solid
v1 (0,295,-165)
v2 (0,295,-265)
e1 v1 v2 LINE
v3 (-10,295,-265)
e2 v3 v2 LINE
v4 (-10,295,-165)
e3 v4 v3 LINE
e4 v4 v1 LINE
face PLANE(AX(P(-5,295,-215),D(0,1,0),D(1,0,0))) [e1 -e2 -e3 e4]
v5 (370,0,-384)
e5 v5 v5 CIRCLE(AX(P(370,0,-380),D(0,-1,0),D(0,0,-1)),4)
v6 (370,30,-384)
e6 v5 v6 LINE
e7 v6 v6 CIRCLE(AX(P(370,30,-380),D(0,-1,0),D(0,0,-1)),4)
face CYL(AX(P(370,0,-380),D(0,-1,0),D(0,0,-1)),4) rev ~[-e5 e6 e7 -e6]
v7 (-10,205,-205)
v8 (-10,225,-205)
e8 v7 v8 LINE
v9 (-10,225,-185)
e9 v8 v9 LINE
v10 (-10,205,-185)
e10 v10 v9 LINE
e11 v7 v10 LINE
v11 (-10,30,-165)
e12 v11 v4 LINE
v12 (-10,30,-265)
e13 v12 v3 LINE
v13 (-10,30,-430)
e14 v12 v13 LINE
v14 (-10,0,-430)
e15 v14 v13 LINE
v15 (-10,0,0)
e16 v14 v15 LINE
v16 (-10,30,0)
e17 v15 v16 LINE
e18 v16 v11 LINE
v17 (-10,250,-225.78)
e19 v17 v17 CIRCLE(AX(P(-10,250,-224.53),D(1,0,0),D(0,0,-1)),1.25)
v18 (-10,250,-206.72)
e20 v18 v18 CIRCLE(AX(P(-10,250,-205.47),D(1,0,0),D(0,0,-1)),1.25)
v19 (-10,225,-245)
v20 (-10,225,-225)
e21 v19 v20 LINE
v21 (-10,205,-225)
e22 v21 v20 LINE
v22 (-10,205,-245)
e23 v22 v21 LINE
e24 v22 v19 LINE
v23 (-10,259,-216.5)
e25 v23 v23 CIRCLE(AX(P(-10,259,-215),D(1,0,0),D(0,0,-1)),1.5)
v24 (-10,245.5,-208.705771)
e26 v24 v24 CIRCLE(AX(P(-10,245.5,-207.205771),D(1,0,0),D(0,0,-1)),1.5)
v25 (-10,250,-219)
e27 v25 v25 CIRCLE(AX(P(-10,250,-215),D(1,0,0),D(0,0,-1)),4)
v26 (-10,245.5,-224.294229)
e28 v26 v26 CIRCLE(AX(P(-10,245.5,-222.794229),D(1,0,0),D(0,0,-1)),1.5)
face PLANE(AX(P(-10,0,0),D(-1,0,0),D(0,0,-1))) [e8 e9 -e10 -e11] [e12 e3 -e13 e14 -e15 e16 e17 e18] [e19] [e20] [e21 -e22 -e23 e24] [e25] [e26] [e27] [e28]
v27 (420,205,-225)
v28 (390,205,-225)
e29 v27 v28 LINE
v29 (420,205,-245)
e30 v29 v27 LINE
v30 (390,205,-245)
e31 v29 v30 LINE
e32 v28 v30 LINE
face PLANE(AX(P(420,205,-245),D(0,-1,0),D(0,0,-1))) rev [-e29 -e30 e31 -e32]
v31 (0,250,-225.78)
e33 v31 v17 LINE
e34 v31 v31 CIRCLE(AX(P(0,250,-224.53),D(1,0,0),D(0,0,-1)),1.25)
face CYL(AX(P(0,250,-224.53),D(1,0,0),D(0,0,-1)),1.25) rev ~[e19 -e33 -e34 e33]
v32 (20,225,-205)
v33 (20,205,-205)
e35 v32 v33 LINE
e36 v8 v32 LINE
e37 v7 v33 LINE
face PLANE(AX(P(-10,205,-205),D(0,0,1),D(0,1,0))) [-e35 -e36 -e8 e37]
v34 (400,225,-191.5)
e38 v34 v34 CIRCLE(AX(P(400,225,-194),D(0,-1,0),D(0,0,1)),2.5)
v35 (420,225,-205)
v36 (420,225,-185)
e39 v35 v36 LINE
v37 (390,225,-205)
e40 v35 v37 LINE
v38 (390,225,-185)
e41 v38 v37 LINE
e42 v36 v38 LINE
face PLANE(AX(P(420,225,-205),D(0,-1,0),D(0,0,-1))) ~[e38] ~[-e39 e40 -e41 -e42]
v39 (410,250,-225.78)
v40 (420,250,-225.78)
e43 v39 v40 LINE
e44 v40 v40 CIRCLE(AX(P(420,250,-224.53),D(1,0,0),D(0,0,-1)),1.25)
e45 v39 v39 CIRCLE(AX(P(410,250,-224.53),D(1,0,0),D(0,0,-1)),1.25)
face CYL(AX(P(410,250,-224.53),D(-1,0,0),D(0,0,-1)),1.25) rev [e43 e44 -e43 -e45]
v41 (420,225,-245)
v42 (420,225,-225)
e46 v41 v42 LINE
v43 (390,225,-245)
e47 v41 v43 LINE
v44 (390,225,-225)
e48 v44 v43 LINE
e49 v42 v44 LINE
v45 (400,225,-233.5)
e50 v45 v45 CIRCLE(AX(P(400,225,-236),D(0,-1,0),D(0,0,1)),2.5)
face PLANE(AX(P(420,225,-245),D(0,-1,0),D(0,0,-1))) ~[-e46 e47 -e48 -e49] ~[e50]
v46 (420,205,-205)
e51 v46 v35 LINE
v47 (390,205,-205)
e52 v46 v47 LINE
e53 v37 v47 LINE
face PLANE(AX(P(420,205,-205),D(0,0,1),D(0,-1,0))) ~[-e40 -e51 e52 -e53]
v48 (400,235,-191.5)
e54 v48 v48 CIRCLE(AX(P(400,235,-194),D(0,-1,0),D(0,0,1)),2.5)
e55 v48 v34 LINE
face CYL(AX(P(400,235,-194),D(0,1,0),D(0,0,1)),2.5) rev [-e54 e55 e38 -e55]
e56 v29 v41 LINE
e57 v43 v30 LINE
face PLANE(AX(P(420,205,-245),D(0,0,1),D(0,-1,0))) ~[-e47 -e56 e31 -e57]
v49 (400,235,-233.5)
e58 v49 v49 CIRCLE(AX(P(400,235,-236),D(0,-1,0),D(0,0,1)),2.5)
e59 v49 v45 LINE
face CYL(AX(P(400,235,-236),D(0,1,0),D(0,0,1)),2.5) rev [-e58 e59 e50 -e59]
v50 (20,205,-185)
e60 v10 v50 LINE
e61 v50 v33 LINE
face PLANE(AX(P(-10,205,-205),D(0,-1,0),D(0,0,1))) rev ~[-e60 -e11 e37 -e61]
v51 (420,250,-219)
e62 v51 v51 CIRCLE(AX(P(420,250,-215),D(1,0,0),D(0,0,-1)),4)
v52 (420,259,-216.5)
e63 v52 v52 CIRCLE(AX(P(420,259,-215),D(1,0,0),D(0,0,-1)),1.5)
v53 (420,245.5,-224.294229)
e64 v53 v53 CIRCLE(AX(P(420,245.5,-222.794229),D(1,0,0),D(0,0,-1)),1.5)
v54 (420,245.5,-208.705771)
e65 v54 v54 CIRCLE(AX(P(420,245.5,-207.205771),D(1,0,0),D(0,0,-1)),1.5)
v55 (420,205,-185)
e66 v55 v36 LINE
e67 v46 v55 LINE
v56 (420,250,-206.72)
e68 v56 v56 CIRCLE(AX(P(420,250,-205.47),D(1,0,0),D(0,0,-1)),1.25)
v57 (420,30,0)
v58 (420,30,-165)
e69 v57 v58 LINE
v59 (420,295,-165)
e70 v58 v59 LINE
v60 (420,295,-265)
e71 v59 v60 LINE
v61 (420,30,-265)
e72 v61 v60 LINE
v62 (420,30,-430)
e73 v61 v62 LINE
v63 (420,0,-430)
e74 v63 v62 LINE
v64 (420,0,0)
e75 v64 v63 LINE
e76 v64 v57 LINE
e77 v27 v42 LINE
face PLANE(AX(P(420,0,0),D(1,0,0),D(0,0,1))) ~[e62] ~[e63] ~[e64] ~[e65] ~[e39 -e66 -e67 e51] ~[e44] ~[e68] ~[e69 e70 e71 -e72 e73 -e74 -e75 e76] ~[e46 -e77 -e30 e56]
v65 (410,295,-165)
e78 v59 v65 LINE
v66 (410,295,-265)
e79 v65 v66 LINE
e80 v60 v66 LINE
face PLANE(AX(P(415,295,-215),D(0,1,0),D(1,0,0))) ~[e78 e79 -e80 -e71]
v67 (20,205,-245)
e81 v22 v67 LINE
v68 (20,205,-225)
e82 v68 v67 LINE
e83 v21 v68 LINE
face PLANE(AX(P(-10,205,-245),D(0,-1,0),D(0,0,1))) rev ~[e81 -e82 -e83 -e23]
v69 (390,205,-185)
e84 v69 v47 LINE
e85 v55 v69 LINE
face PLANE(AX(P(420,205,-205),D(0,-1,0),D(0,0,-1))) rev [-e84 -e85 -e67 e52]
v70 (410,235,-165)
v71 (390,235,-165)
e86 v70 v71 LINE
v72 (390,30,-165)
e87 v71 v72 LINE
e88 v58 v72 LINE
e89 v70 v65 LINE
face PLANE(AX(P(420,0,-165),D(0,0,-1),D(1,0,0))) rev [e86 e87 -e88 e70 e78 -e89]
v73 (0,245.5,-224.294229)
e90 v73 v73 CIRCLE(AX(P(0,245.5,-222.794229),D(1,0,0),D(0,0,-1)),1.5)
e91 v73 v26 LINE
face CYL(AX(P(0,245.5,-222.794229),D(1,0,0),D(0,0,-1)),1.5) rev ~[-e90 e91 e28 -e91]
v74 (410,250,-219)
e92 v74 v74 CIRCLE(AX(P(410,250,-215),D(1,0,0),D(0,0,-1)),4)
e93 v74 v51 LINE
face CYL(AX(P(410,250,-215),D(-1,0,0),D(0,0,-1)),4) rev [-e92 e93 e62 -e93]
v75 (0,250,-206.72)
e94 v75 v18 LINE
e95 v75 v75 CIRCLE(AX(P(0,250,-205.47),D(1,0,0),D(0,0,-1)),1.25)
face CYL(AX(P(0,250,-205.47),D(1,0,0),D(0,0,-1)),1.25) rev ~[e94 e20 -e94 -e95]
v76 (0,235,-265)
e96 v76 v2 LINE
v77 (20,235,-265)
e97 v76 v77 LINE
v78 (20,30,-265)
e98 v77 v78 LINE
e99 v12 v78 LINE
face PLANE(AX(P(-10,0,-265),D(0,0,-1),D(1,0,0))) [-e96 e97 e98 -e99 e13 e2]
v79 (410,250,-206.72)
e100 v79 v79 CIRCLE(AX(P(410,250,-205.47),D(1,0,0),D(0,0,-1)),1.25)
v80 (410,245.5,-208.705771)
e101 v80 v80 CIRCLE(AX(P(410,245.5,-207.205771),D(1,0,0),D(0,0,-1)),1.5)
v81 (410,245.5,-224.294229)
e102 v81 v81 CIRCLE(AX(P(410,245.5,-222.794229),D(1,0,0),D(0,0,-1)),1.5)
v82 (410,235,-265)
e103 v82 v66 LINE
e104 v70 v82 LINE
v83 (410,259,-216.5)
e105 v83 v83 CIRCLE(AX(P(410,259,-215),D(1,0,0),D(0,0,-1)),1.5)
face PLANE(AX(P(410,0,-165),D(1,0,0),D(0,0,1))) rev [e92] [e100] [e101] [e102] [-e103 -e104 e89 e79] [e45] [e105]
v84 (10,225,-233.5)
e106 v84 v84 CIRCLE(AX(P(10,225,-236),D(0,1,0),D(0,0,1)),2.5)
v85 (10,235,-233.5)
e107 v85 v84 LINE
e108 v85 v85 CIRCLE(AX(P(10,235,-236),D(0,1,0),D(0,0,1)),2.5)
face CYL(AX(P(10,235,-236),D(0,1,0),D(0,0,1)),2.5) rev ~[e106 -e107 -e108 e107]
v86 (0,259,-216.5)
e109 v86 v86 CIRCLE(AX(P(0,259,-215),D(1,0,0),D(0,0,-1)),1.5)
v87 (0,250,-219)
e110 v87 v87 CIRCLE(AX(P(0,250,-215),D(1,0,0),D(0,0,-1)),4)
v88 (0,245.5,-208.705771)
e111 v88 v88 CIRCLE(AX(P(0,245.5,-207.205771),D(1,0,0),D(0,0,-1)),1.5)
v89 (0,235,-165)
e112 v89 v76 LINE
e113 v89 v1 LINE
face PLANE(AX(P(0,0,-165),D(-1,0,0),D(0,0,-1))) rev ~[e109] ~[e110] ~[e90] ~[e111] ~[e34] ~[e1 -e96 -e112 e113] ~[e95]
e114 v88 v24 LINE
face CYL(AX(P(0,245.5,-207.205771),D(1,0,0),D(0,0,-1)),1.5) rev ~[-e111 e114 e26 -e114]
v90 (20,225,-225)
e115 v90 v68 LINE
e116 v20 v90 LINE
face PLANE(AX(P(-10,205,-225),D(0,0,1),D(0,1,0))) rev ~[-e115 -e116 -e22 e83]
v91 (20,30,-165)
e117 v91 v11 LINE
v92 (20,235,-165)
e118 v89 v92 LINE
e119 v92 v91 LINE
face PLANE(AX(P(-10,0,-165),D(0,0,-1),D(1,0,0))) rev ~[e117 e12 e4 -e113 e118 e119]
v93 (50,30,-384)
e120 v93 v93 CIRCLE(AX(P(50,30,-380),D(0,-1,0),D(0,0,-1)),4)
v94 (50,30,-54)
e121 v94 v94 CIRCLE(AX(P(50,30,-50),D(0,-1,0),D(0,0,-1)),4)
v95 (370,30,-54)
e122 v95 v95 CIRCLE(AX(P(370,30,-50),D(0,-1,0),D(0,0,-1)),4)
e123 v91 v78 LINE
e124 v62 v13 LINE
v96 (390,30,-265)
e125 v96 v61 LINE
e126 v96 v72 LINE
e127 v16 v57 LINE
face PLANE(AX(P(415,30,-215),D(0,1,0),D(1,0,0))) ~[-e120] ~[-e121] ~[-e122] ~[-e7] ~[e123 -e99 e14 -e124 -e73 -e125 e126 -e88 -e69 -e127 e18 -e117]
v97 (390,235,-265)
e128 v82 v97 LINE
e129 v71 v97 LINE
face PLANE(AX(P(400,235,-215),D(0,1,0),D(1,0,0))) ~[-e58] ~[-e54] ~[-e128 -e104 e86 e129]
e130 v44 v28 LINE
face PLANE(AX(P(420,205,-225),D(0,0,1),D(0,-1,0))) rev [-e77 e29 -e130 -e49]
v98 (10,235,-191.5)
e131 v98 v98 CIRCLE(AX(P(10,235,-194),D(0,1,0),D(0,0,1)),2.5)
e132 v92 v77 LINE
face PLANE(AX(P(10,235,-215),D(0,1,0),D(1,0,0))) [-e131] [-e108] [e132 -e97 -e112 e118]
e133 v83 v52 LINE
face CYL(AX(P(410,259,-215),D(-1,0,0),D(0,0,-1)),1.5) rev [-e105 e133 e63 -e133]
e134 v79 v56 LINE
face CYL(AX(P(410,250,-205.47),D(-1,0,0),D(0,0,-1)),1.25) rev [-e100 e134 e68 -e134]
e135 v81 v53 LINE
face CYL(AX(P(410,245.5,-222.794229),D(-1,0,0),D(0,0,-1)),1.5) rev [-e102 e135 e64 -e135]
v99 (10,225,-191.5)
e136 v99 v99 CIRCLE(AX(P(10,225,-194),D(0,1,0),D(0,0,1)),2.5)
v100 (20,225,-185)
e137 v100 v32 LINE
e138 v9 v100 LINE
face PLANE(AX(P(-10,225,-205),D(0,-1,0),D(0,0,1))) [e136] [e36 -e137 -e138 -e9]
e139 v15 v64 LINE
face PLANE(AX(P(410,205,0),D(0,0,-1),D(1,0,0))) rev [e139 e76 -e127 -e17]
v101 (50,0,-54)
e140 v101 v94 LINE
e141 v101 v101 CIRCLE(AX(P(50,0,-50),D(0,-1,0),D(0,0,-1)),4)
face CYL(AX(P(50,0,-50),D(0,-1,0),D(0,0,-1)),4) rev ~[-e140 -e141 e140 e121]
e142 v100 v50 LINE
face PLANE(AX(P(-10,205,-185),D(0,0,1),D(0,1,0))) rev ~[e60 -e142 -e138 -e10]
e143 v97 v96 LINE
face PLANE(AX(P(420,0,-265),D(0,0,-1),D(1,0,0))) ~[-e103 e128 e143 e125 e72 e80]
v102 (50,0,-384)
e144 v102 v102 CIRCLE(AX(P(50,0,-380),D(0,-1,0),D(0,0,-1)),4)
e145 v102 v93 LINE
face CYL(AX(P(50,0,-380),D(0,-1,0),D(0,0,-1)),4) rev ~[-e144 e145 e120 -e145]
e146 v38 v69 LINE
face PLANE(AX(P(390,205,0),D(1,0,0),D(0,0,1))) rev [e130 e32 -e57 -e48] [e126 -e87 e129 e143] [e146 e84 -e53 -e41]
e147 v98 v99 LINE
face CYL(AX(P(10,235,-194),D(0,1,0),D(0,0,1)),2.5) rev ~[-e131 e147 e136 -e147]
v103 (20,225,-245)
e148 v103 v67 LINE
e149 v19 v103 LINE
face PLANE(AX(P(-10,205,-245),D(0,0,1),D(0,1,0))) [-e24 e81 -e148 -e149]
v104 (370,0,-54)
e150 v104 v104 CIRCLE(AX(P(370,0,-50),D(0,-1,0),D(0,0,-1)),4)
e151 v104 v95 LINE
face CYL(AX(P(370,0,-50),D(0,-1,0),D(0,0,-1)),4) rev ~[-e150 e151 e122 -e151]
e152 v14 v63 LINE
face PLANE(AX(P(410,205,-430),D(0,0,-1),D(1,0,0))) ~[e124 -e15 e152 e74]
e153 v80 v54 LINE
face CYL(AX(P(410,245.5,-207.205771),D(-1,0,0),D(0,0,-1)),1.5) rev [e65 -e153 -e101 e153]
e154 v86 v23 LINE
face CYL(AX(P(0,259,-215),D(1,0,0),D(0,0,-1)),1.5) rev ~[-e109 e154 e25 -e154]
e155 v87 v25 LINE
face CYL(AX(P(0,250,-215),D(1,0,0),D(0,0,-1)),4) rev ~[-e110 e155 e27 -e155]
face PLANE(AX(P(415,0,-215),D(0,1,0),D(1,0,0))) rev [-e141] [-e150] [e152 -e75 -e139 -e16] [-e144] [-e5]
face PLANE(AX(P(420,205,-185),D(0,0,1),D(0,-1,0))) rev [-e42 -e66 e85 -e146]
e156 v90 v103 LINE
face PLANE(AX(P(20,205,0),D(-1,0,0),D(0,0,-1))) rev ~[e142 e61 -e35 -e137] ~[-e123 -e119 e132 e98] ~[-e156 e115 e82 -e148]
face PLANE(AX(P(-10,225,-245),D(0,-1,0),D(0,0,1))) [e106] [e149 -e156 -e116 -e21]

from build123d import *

# Parameters (mm, degrees)
ESBO_O1_W                = 20
ESBO_O1_H                = 430
RESSALTO_EXTRUS_O1_DEPTH = 205
ESBO_O1_3_W              = 390
ESBO_O1_3_H              = 430
ESBO_O1_3_W_2            = 10
RESSALTO_EXTRUS_O2_DEPTH = 30
ESBO_O2_W                = 20
ESBO_O2_H                = 430
RESSALTO_EXTRUS_O4_DEPTH = 30
ESBO_O4_W                = 20
ESBO_O4_H                = 165
CORTE_EXTRUS_O1_DEPTH    = 205
ESBO_O6_R                = 2.5
CORTE_EXTRUS_O3_DEPTH    = 10
RESSALTO_EXTRUS_O6_START = -235
ESBO_O7_W                = 10
ESBO_O7_H                = 100
RESSALTO_EXTRUS_O6_DEPTH = 295
CORTE_EXTRUS_O4_REACH    = 665.344
ESBO_O8_R                = 4
ESBO_O8_R_2              = 1.25
ESBO_O8_R_3              = 1.5
CORTE_EXTRUS_O5_REACH    = 671.571
ESBO_O9_W                = 20
ESBO_O9_H                = 20
CORTE_EXTRUS_O8_REACH    = 671.571
ESBO_O10_R               = 4


with BuildPart() as part:
    # Esboço1 → Ressalto-extrusão1 (new body)
    with BuildSketch(Plane(origin=(0, 0, 0), x_dir=(1, 0, 0), z_dir=(0, 1, 0))):
        with Locations((10, 215)):
            Rectangle(ESBO_O1_W, ESBO_O1_H)
    ressalto_extrus_o1 = extrude(amount=RESSALTO_EXTRUS_O1_DEPTH)

    # Esboço1<3> → Ressalto-extrusão2 (add)
    with BuildSketch(Plane(origin=(0, 0, 0), x_dir=(1, 0, 0), z_dir=(0, 1, 0))):
        with Locations((215, 215)):
            Rectangle(ESBO_O1_3_W, ESBO_O1_3_H)
        with Locations((-5, 215)):
            Rectangle(ESBO_O1_3_W_2, ESBO_O1_3_H)
    ressalto_extrus_o2 = extrude(amount=RESSALTO_EXTRUS_O2_DEPTH)

    # Esboço2 → Ressalto-extrusão4 (add)
    with BuildSketch(Plane(origin=(0, 205, 0), x_dir=(1, 0, 0), z_dir=(0, 1, 0))):
        with Locations((10, 215)):
            Rectangle(ESBO_O2_W, ESBO_O2_H)
    ressalto_extrus_o4 = extrude(amount=RESSALTO_EXTRUS_O4_DEPTH)

    # Esboço4 → Corte-extrusão1 (cut)
    with BuildSketch(Plane(origin=(0, 235, 0), x_dir=(1, 0, 0), z_dir=(0, 1, 0))):
        with Locations((10, 347.5)):
            Rectangle(ESBO_O4_W, ESBO_O4_H)
        with Locations((10, 82.5)):
            Rectangle(ESBO_O4_W, ESBO_O4_H)
    corte_extrus_o1 = extrude(amount=-CORTE_EXTRUS_O1_DEPTH, mode=Mode.SUBTRACT)

    # Esboço6 → Corte-extrusão3 (cut)
    with BuildSketch(Plane(origin=(0, 235, 0), x_dir=(1, 0, 0), z_dir=(0, 1, 0))):
        with Locations(Location((10, 236, 0), (0, 0, 270))):
            Circle(ESBO_O6_R)
        with Locations(Location((10, 194, 0), (0, 0, 270))):
            Circle(ESBO_O6_R)
    corte_extrus_o3 = extrude(amount=-CORTE_EXTRUS_O3_DEPTH, mode=Mode.SUBTRACT)

    # Esboço7 → Ressalto-extrusão6 (add)
    with BuildSketch(Plane(origin=(0, 235, 0), x_dir=(1, 0, 0), z_dir=(0, 1, 0)).offset(RESSALTO_EXTRUS_O6_START)):
        with Locations((-5, 215)):
            Rectangle(ESBO_O7_W, ESBO_O7_H)
    ressalto_extrus_o6 = extrude(amount=RESSALTO_EXTRUS_O6_DEPTH)

    # Esboço8 → Corte-extrusão4 (cut, up to next)
    with BuildSketch(Plane(origin=(0, 0, 0), x_dir=(0, 0, -1), z_dir=(1, 0, 0)), mode=Mode.PRIVATE) as corte_extrus_o4_sk1:
        with Locations((215, 250)):
            Circle(ESBO_O8_R)
    corte_extrus_o4_tool1 = extrude(corte_extrus_o4_sk1.sketch, amount=-CORTE_EXTRUS_O4_REACH, mode=Mode.PRIVATE) & part.part
    # Esboço8 → Corte-extrusão4 (cut, up to next)
    with BuildSketch(Plane(origin=(0, 0, 0), x_dir=(0, 0, -1), z_dir=(1, 0, 0)), mode=Mode.PRIVATE) as corte_extrus_o4_sk2:
        with Locations((205.47, 250)):
            Circle(ESBO_O8_R_2)
    corte_extrus_o4_tool2 = extrude(corte_extrus_o4_sk2.sketch, amount=-CORTE_EXTRUS_O4_REACH, mode=Mode.PRIVATE) & part.part
    # Esboço8 → Corte-extrusão4 (cut, up to next)
    with BuildSketch(Plane(origin=(0, 0, 0), x_dir=(0, 0, -1), z_dir=(1, 0, 0)), mode=Mode.PRIVATE) as corte_extrus_o4_sk3:
        with Locations((224.53, 250)):
            Circle(ESBO_O8_R_2)
    corte_extrus_o4_tool3 = extrude(corte_extrus_o4_sk3.sketch, amount=-CORTE_EXTRUS_O4_REACH, mode=Mode.PRIVATE) & part.part
    # Esboço8 → Corte-extrusão4 (cut, up to next)
    with BuildSketch(Plane(origin=(0, 0, 0), x_dir=(0, 0, -1), z_dir=(1, 0, 0)), mode=Mode.PRIVATE) as corte_extrus_o4_sk4:
        with Locations((215, 259)):
            Circle(ESBO_O8_R_3)
    corte_extrus_o4_tool4 = extrude(corte_extrus_o4_sk4.sketch, amount=-CORTE_EXTRUS_O4_REACH, mode=Mode.PRIVATE) & part.part
    # Esboço8 → Corte-extrusão4 (cut, up to next)
    with BuildSketch(Plane(origin=(0, 0, 0), x_dir=(0, 0, -1), z_dir=(1, 0, 0)), mode=Mode.PRIVATE) as corte_extrus_o4_sk5:
        with Locations((207.205771366, 245.5)):
            Circle(ESBO_O8_R_3)
    corte_extrus_o4_tool5 = extrude(corte_extrus_o4_sk5.sketch, amount=-CORTE_EXTRUS_O4_REACH, mode=Mode.PRIVATE) & part.part
    # Esboço8 → Corte-extrusão4 (cut, up to next)
    with BuildSketch(Plane(origin=(0, 0, 0), x_dir=(0, 0, -1), z_dir=(1, 0, 0)), mode=Mode.PRIVATE) as corte_extrus_o4_sk6:
        with Locations((222.794228634, 245.5)):
            Circle(ESBO_O8_R_3)
    corte_extrus_o4_tool6 = extrude(corte_extrus_o4_sk6.sketch, amount=-CORTE_EXTRUS_O4_REACH, mode=Mode.PRIVATE) & part.part
    corte_extrus_o4_1 = corte_extrus_o4_tool1.solids().sort_by_distance((0, 250, -215))[0]
    add(corte_extrus_o4_1, mode=Mode.SUBTRACT)
    corte_extrus_o4_2 = corte_extrus_o4_tool2.solids().sort_by_distance((0, 250, -205.47))[0]
    add(corte_extrus_o4_2, mode=Mode.SUBTRACT)
    corte_extrus_o4_3 = corte_extrus_o4_tool3.solids().sort_by_distance((0, 250, -224.53))[0]
    add(corte_extrus_o4_3, mode=Mode.SUBTRACT)
    corte_extrus_o4_4 = corte_extrus_o4_tool4.solids().sort_by_distance((0, 259, -215))[0]
    add(corte_extrus_o4_4, mode=Mode.SUBTRACT)
    corte_extrus_o4_5 = corte_extrus_o4_tool5.solids().sort_by_distance((0, 245.5, -207.205771))[0]
    add(corte_extrus_o4_5, mode=Mode.SUBTRACT)
    corte_extrus_o4_6 = corte_extrus_o4_tool6.solids().sort_by_distance((0, 245.5, -222.794229))[0]
    add(corte_extrus_o4_6, mode=Mode.SUBTRACT)
    corte_extrus_o4 = corte_extrus_o4_1 + corte_extrus_o4_2 + corte_extrus_o4_3 + corte_extrus_o4_4 + corte_extrus_o4_5 + corte_extrus_o4_6  # Corte-extrusão4 as one shape, for the pattern or mirror that repeats it

    # Esboço9 → Corte-extrusão5 (cut, up to next)
    with BuildSketch(Plane.ZY.offset(10), mode=Mode.PRIVATE) as corte_extrus_o5_sk1:
        with Locations((-235, 215)):
            Rectangle(ESBO_O9_W, ESBO_O9_H)
    corte_extrus_o5_tool1 = extrude(corte_extrus_o5_sk1.sketch, amount=-CORTE_EXTRUS_O5_REACH, mode=Mode.PRIVATE) & part.part
    # Esboço9 → Corte-extrusão5 (cut, up to next)
    with BuildSketch(Plane.ZY.offset(10), mode=Mode.PRIVATE) as corte_extrus_o5_sk2:
        with Locations((-195, 215)):
            Rectangle(ESBO_O9_W, ESBO_O9_H)
    corte_extrus_o5_tool2 = extrude(corte_extrus_o5_sk2.sketch, amount=-CORTE_EXTRUS_O5_REACH, mode=Mode.PRIVATE) & part.part
    corte_extrus_o5_1 = corte_extrus_o5_tool1.solids().sort_by_distance((-10, 215, -235))[0]
    add(corte_extrus_o5_1, mode=Mode.SUBTRACT)
    corte_extrus_o5_2 = corte_extrus_o5_tool2.solids().sort_by_distance((-10, 215, -195))[0]
    add(corte_extrus_o5_2, mode=Mode.SUBTRACT)
    corte_extrus_o5 = corte_extrus_o5_1 + corte_extrus_o5_2  # Corte-extrusão5 as one shape, for the pattern or mirror that repeats it

    # Espelhar1: Ressalto-extrusão1, Ressalto-extrusão2, Ressalto-extrusão4, Corte-extrusão1, Corte-extrusão3, Ressalto-extrusão6, Corte-extrusão4, Corte-extrusão5 across plane
    add(ressalto_extrus_o1.mirror(Plane(origin=(205, 0, 0), x_dir=(0, 0, 1), z_dir=(1, 0, 0))))
    add(ressalto_extrus_o2.mirror(Plane(origin=(205, 0, 0), x_dir=(0, 0, 1), z_dir=(1, 0, 0))))
    add(ressalto_extrus_o4.mirror(Plane(origin=(205, 0, 0), x_dir=(0, 0, 1), z_dir=(1, 0, 0))))
    add(corte_extrus_o1.mirror(Plane(origin=(205, 0, 0), x_dir=(0, 0, 1), z_dir=(1, 0, 0))), mode=Mode.SUBTRACT)
    add(corte_extrus_o3.mirror(Plane(origin=(205, 0, 0), x_dir=(0, 0, 1), z_dir=(1, 0, 0))), mode=Mode.SUBTRACT)
    add(ressalto_extrus_o6.mirror(Plane(origin=(205, 0, 0), x_dir=(0, 0, 1), z_dir=(1, 0, 0))))
    add(corte_extrus_o4.mirror(Plane(origin=(205, 0, 0), x_dir=(0, 0, 1), z_dir=(1, 0, 0))), mode=Mode.SUBTRACT)
    add(corte_extrus_o5.mirror(Plane(origin=(205, 0, 0), x_dir=(0, 0, 1), z_dir=(1, 0, 0))), mode=Mode.SUBTRACT)

    # Esboço10 → Corte-extrusão8 (cut, up to next)
    with BuildSketch(Plane(origin=(0, 0, 0), x_dir=(-1, 0, 0), z_dir=(0, -1, 0)), mode=Mode.PRIVATE) as corte_extrus_o8_sk1:
        with Locations(Location((-50, 380, 0), (0, 0, 90))):
            Circle(ESBO_O10_R)
    corte_extrus_o8_tool1 = extrude(corte_extrus_o8_sk1.sketch, amount=-CORTE_EXTRUS_O8_REACH, mode=Mode.PRIVATE) & part.part
    # Esboço10 → Corte-extrusão8 (cut, up to next)
    with BuildSketch(Plane(origin=(0, 0, 0), x_dir=(-1, 0, 0), z_dir=(0, -1, 0)), mode=Mode.PRIVATE) as corte_extrus_o8_sk2:
        with Locations(Location((-50, 50, 0), (0, 0, 90))):
            Circle(ESBO_O10_R)
    corte_extrus_o8_tool2 = extrude(corte_extrus_o8_sk2.sketch, amount=-CORTE_EXTRUS_O8_REACH, mode=Mode.PRIVATE) & part.part
    # Esboço10 → Corte-extrusão8 (cut, up to next)
    with BuildSketch(Plane(origin=(0, 0, 0), x_dir=(-1, 0, 0), z_dir=(0, -1, 0)), mode=Mode.PRIVATE) as corte_extrus_o8_sk3:
        with Locations(Location((-370, 50, 0), (0, 0, 90))):
            Circle(ESBO_O10_R)
    corte_extrus_o8_tool3 = extrude(corte_extrus_o8_sk3.sketch, amount=-CORTE_EXTRUS_O8_REACH, mode=Mode.PRIVATE) & part.part
    # Esboço10 → Corte-extrusão8 (cut, up to next)
    with BuildSketch(Plane(origin=(0, 0, 0), x_dir=(-1, 0, 0), z_dir=(0, -1, 0)), mode=Mode.PRIVATE) as corte_extrus_o8_sk4:
        with Locations(Location((-370, 380, 0), (0, 0, 90))):
            Circle(ESBO_O10_R)
    corte_extrus_o8_tool4 = extrude(corte_extrus_o8_sk4.sketch, amount=-CORTE_EXTRUS_O8_REACH, mode=Mode.PRIVATE) & part.part
    add(corte_extrus_o8_tool1.solids().sort_by_distance((50, 0, -380))[0], mode=Mode.SUBTRACT)
    add(corte_extrus_o8_tool2.solids().sort_by_distance((50, 0, -50))[0], mode=Mode.SUBTRACT)
    add(corte_extrus_o8_tool3.solids().sort_by_distance((370, 0, -50))[0], mode=Mode.SUBTRACT)
    add(corte_extrus_o8_tool4.solids().sort_by_distance((370, 0, -380))[0], mode=Mode.SUBTRACT)


solid = part.part
